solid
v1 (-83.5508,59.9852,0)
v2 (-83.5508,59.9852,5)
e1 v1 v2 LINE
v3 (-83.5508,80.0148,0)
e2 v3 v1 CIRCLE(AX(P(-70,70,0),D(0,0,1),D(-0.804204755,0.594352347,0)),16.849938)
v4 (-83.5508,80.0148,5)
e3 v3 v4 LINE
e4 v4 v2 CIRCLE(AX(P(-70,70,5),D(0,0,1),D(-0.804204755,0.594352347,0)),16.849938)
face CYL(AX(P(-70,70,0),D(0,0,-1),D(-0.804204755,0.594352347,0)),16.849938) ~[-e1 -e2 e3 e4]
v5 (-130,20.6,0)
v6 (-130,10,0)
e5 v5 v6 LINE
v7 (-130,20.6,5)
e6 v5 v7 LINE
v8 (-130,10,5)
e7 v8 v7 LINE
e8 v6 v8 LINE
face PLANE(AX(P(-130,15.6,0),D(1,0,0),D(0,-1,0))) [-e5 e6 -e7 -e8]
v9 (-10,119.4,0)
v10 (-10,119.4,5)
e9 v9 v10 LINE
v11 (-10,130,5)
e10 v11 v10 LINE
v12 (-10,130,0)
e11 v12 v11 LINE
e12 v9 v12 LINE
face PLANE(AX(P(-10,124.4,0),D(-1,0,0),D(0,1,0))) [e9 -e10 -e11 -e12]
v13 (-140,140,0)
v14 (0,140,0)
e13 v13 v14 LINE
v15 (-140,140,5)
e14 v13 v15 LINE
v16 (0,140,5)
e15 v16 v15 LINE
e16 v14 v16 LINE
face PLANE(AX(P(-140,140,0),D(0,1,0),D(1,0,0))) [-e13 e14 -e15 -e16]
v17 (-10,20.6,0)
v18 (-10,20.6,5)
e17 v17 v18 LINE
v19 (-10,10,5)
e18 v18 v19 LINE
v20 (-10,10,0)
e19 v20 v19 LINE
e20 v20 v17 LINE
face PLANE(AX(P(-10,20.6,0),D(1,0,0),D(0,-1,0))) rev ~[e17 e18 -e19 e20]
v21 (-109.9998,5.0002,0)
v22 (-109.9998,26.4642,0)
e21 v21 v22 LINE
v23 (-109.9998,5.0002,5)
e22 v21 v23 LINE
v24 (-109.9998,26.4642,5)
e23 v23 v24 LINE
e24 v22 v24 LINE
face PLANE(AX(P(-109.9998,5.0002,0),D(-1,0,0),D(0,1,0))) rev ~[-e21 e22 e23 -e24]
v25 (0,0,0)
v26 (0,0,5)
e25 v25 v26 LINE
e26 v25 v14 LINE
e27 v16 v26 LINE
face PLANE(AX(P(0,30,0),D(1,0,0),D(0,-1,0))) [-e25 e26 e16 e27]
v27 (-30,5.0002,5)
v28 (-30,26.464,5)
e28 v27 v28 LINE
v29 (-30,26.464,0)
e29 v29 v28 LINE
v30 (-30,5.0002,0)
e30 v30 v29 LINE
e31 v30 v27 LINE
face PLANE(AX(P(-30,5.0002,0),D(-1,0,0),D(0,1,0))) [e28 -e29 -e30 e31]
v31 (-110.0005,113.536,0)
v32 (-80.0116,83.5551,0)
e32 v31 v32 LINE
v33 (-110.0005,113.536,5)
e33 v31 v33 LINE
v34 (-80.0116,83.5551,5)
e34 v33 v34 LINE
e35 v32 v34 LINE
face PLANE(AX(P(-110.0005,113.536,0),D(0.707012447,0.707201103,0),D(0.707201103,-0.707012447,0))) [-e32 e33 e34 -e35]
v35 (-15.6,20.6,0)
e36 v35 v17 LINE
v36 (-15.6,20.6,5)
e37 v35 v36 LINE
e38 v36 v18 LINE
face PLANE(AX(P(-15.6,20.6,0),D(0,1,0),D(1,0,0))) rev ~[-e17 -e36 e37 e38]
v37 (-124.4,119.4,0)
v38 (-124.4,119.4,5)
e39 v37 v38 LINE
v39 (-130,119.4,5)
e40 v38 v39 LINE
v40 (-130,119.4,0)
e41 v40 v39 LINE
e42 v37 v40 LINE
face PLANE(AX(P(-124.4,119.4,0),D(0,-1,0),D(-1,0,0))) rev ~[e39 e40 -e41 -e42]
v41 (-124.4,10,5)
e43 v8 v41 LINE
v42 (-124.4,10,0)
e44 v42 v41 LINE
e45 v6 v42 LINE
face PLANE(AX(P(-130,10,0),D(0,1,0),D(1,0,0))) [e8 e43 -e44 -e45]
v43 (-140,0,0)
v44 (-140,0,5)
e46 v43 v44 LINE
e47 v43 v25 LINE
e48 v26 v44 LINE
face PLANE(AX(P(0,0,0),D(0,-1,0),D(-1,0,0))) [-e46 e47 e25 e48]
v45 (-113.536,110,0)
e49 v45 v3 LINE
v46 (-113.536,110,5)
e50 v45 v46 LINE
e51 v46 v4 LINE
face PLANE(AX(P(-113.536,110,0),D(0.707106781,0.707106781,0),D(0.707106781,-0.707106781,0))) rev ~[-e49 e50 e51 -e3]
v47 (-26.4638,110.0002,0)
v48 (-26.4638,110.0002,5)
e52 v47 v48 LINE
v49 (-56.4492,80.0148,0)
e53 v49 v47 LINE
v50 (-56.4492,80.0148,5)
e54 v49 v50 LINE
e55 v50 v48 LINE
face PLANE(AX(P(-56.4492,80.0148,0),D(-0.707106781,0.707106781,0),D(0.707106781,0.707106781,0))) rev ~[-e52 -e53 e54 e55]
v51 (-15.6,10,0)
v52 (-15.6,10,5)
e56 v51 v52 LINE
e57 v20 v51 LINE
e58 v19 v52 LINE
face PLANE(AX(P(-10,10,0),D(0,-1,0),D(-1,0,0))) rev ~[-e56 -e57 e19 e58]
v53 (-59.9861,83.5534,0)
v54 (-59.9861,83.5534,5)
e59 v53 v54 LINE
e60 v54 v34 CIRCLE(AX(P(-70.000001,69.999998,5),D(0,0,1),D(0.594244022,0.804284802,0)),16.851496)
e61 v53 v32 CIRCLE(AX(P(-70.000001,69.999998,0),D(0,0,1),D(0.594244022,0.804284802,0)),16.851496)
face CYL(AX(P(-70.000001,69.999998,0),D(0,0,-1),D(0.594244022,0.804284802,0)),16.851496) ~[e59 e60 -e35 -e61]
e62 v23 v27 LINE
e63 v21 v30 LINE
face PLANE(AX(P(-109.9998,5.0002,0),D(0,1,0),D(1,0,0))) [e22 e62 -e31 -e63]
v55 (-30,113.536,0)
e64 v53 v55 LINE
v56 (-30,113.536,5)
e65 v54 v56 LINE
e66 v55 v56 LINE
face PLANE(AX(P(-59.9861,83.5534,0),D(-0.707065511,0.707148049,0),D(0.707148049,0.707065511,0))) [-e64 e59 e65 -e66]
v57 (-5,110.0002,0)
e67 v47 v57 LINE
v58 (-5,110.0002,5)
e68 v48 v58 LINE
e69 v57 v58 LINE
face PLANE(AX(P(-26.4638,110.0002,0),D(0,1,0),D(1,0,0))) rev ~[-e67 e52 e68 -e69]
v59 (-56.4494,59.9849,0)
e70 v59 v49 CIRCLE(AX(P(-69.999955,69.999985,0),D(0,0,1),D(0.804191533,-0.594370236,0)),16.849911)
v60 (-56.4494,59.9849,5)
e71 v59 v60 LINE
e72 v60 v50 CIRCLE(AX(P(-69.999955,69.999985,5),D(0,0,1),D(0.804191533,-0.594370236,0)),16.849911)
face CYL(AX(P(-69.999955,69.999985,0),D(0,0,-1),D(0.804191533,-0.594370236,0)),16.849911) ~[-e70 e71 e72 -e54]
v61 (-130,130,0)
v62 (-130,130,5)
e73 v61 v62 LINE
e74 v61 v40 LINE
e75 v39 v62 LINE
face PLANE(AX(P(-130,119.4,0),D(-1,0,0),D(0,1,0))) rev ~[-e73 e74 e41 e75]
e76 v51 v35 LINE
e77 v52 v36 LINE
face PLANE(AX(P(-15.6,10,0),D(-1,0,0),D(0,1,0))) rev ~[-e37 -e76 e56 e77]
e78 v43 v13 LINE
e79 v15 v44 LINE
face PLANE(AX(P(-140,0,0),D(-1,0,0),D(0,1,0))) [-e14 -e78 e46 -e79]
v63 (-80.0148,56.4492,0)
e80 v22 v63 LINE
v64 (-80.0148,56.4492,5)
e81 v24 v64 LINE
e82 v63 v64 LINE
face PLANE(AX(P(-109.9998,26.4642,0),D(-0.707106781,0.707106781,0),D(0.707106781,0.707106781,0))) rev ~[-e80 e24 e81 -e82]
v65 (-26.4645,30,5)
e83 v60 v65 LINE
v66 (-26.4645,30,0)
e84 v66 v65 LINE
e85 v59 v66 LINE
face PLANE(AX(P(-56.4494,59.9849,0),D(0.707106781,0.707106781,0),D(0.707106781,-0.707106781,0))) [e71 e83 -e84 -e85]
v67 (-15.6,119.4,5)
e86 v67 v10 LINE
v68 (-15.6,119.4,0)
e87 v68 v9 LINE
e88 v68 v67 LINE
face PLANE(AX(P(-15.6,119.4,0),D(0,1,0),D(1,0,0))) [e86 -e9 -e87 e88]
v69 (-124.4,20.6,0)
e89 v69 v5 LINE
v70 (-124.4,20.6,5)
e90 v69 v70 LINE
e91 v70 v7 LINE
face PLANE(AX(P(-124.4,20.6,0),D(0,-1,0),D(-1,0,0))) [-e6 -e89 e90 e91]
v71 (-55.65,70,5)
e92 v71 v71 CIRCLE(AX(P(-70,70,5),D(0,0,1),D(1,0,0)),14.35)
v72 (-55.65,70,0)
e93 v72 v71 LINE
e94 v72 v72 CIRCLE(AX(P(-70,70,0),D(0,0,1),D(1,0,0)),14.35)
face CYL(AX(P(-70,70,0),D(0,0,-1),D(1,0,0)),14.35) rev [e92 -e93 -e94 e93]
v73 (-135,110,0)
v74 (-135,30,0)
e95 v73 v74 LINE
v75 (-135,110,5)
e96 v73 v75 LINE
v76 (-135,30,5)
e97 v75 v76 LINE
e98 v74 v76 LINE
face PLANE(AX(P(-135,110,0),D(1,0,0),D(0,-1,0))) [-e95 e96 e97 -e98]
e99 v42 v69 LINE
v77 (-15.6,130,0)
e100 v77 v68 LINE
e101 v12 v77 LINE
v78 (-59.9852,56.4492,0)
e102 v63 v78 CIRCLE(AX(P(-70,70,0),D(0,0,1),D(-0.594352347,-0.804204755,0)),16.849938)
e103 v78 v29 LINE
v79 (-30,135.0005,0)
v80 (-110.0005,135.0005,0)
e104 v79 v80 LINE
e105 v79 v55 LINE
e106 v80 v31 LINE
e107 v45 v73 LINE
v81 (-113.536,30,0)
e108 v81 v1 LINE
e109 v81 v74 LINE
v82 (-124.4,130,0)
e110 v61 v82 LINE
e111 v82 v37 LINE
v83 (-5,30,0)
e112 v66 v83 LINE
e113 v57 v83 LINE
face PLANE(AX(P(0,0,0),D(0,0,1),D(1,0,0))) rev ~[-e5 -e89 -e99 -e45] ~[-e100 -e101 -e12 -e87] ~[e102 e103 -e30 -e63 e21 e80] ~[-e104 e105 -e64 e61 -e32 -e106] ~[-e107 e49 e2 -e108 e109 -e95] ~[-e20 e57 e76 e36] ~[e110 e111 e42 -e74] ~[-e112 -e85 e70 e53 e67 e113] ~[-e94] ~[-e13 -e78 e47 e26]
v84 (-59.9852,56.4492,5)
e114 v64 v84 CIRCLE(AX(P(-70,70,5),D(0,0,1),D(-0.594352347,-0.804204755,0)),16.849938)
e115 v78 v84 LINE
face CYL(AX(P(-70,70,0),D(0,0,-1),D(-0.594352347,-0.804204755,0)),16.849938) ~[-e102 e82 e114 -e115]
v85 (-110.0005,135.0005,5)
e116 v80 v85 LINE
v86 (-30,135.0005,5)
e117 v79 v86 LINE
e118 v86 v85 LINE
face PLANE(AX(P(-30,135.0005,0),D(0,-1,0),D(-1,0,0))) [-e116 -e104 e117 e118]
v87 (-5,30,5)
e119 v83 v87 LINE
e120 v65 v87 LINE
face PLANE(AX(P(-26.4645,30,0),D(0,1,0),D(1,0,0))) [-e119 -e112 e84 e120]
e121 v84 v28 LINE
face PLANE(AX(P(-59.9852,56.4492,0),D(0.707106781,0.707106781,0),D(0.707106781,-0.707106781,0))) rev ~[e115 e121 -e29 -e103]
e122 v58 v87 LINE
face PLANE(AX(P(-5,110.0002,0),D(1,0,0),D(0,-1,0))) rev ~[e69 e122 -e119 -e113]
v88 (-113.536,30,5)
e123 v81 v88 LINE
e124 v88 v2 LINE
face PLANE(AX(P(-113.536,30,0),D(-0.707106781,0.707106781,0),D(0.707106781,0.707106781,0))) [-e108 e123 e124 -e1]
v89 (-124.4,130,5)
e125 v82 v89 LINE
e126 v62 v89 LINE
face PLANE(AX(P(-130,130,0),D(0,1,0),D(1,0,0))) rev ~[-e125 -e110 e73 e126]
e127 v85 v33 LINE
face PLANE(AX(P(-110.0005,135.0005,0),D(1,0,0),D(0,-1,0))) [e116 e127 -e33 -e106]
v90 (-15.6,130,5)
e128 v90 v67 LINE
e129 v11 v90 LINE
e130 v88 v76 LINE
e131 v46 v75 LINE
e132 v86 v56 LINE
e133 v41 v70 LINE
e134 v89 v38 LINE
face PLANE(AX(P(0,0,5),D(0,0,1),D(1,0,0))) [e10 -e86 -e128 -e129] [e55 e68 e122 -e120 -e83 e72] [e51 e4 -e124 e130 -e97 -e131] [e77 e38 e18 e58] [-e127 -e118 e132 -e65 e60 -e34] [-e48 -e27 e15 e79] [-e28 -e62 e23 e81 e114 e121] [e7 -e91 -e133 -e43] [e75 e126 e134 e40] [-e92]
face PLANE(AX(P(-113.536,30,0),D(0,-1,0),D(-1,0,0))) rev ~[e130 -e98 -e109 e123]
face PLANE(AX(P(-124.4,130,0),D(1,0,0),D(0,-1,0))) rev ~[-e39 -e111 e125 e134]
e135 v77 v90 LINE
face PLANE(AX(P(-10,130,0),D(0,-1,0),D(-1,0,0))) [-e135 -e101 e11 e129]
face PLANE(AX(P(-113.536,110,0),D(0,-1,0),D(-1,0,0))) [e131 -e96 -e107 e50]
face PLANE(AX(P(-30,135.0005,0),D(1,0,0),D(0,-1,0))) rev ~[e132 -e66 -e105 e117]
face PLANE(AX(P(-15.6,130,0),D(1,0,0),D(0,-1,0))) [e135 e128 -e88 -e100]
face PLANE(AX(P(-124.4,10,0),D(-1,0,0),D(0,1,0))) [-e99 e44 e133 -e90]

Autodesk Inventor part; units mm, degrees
ref_plane "YZ Plane" through (0, 0, 0) normal (1, 0, 0) x (0, 1, 0)
ref_plane "XZ Plane" through (0, 0, 0) normal (0, 1, 0) x (-1, 0, 0)
ref_plane "XY Plane" through (0, 0, 0) normal (0, 0, 1) x (1, 0, 0)
sketch "Sketch1" plane through (0, 0, 0) normal (0, 0, 1) x (1, 0, 0)
  line L0 (0, 0) -> (-140, 0)
  line L1 (-140, 0) -> (-140, 140)
  line L2 (-140, 140) -> (0, 140)
  line L3 (0, 140) -> (0, 0)
  circle A0 centre (-70, 70) radius 14.35
  line L4 (-130, 124.4) -> (-130, 130)
  line L5 (-10, 124.4) -> (-10, 130)
  line L6 (-10, 15.6) -> (-10, 10)
  line L7 (-130, 15.6) -> (-130, 10)
  line L8 (-140, 140) -> (-110, 140)
  line L9 (-110.0005, 135.0005) -> (-110.0005, 113.536)
  line L10 (-113.536, 110) -> (-135, 110)
  line L11 (-140, 110) -> (-140, 140)
  line L12 (-140, 0) -> (-110, 0)
  line L13 (-109.9998, 5.0002) -> (-109.9998, 26.4642)
  line L14 (-113.536, 30) -> (-135, 30)
  line L15 (-140, 30) -> (-140, 0)
  line L16 (0, 0) -> (-30, 0)
  line L17 (-30, 5.0002) -> (-30, 26.464)
  line L18 (-26.4645, 30) -> (-5, 30)
  line L19 (0, 30) -> (0, 0)
  line L20 (0, 140) -> (-30, 140)
  line L21 (-30, 135.0005) -> (-30, 113.536)
  line L22 (-26.4638, 110.0002) -> (-5, 110.0002)
  line L23 (0, 110) -> (0, 140)
  line L24 (-110.0005, 113.536) -> (-80.0116, 83.5551)
  line L25 (-56.4494, 59.9849) -> (-26.4645, 30)
  line L26 (-113.536, 110) -> (-83.5508, 80.0148)
  line L27 (-59.9852, 56.4492) -> (-30, 26.464)
  line L28 (-113.536, 30) -> (-83.5508, 59.9852)
  line L29 (-59.9861, 83.5534) -> (-29.9997, 113.5363)
  line L30 (-109.9998, 26.4642) -> (-80.0148, 56.4492)
  line L31 (-56.4492, 80.0148) -> (-26.4638, 110.0002)
  line L32 (-135, 110) -> (-135, 30)
  line L33 (-140, 30) -> (-140, 110)
  line L34 (-5, 110.0002) -> (-5, 30)
  line L35 (0, 30) -> (0, 110)
  line L36 (-110, 140) -> (-30, 140)
  line L37 (-30, 135.0005) -> (-110.0005, 135.0005)
  line L38 (-30, 0) -> (-110, 0)
  line L39 (-109.9998, 5.0002) -> (-30, 5.0002)
  arc A1 (-83.5508, 80.0148) -> (-83.5508, 59.9852) centre (-70, 70) ccw
  arc A2 (-59.9861, 83.5534) -> (-80.0116, 83.5551) centre (-70, 70) ccw
  arc A3 (-80.0148, 56.4492) -> (-59.9852, 56.4492) centre (-70, 70) ccw
  arc A4 (-56.4494, 59.9849) -> (-56.4492, 80.0148) centre (-70, 70) ccw
  line L40 (-130, 130) -> (-124.4, 130)
  line L41 (-124.4, 130) -> (-124.4, 119.4)
  line L42 (-124.4, 119.4) -> (-130, 119.4)
  line L43 (-130, 119.4) -> (-130, 130)
  line L44 (-130, 10) -> (-124.4, 10)
  line L45 (-124.4, 10) -> (-124.4, 20.6)
  line L46 (-124.4, 20.6) -> (-130, 20.6)
  line L47 (-130, 20.6) -> (-130, 10)
  line L48 (-10, 10) -> (-15.6, 10)
  line L49 (-15.6, 10) -> (-15.6, 20.6)
  line L50 (-15.6, 20.6) -> (-10, 20.6)
  line L51 (-10, 20.6) -> (-10, 10)
  line L52 (-10, 130) -> (-15.6, 130)
  line L53 (-15.6, 130) -> (-15.6, 119.4)
  line L54 (-15.6, 119.4) -> (-10, 119.4)
  line L55 (-10, 119.4) -> (-10, 130)
  line L56 (-113.536, 30) -> (-109.9998, 26.4642)
  line L57 (-30, 26.464) -> (-26.4645, 30)
  line L58 (-30, 113.536) -> (-26.4638, 110.0002)
  line L59 (-110.0005, 113.536) -> (-113.536, 110)
  point P0 (-110, 113.5355)
  point P1 (-110, 26.464)
  point P2 (-26.464, 110)
extrude "Extrusion2" add sketch "Sketch1" along normal blind 5 contours L0 L1 L2 L3 | L24 A2 L29 L58 L31 A4 L25 L57 L27 A3 L30 L56 L28 A1 L26 L59
properties part number "Joints_Remake_TestFit_V1"
